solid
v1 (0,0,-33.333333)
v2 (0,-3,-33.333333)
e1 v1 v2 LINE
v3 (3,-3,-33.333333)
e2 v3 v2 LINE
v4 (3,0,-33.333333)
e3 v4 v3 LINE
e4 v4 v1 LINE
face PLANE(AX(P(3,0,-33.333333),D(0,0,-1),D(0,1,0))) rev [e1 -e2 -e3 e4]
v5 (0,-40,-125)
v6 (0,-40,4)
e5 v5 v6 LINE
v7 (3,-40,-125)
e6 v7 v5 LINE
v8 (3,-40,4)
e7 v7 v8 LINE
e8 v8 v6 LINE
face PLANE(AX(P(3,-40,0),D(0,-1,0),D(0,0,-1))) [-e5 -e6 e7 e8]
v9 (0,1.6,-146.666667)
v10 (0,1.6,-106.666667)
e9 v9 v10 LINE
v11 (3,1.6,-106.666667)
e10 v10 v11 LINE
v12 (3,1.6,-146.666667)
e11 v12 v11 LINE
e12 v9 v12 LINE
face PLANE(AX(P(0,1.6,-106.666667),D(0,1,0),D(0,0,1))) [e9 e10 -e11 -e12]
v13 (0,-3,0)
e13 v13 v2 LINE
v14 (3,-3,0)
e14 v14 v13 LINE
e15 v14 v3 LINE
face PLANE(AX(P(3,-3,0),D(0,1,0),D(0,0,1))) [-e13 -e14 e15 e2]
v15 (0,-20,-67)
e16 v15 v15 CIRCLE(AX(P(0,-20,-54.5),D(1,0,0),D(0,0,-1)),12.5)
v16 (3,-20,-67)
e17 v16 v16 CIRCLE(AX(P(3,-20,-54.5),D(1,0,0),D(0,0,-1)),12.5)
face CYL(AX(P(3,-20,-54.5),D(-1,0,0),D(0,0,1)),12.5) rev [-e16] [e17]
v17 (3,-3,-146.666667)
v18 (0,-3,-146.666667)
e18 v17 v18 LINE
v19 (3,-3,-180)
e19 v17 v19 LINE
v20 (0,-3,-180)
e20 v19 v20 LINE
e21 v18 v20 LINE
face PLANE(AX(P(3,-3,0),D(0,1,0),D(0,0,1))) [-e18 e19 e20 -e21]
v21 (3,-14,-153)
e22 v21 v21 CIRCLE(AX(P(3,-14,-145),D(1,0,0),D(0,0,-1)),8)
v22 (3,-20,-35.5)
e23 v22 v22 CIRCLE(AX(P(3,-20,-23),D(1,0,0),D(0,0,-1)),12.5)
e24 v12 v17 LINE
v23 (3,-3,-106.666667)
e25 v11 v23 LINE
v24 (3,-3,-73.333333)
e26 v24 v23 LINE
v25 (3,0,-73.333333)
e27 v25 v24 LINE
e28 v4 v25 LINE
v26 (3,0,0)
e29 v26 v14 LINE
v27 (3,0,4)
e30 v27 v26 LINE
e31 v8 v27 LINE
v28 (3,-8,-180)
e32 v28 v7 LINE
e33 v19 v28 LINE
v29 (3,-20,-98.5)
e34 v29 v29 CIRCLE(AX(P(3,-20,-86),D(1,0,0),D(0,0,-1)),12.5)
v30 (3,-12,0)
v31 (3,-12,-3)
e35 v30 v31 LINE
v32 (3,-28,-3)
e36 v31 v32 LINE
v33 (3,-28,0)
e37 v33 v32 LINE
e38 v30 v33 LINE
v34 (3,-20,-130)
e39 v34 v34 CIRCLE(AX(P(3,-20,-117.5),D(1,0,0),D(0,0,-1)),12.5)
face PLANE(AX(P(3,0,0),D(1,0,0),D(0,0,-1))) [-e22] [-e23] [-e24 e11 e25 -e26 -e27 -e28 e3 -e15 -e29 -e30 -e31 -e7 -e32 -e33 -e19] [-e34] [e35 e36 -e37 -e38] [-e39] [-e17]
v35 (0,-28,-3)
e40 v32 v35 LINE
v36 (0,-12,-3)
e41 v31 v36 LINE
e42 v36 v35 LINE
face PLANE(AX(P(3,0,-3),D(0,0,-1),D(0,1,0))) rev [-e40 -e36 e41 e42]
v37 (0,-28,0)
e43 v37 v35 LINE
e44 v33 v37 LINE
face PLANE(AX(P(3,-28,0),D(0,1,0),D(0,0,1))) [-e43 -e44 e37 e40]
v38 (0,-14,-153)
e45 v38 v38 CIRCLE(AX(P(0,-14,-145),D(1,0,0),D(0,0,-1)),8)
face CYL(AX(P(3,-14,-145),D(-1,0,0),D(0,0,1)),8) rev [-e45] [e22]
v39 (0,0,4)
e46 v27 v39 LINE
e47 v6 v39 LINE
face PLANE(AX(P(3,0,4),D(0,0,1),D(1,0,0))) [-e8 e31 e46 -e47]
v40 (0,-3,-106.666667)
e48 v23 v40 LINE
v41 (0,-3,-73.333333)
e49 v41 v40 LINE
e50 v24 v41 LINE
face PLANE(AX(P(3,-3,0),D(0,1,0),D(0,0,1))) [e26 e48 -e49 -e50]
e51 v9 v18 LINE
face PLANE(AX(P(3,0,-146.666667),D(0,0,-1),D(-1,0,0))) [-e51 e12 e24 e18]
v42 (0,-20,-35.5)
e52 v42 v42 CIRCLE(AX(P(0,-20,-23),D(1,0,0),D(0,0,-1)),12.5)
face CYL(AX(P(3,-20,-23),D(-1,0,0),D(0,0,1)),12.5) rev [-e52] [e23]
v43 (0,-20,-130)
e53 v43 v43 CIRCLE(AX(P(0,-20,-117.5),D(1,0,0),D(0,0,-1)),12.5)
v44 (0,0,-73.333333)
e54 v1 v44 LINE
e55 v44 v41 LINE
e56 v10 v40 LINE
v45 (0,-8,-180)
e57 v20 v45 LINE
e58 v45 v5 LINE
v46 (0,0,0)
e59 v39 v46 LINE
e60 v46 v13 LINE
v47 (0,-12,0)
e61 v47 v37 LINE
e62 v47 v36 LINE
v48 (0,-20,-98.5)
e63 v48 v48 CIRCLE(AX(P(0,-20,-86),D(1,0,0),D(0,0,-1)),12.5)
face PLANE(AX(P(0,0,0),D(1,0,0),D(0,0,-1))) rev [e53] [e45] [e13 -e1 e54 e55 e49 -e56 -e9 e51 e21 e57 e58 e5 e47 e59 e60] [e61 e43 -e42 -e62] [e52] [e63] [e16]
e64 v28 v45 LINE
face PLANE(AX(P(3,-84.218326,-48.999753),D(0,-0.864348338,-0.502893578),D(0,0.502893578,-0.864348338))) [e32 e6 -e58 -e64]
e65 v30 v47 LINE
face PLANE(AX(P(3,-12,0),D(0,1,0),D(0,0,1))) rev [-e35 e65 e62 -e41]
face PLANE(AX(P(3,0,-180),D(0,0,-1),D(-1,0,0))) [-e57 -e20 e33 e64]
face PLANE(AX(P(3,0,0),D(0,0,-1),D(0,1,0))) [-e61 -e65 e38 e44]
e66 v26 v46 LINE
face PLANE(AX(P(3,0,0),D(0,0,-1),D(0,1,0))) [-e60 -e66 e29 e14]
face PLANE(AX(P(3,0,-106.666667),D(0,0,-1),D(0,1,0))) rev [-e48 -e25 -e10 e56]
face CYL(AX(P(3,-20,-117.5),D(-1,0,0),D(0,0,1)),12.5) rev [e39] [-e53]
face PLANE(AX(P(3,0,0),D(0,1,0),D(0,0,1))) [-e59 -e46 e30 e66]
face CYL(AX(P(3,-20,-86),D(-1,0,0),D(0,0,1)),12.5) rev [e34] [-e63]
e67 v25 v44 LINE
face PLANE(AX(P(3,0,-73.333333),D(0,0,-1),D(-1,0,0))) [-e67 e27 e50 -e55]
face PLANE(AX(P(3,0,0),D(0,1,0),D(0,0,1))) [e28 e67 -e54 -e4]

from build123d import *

# Parameters (mm, degrees)
SKETCH1_W           = 3
SKETCH1_H           = 16
SKETCH1_R           = 12.5
SKETCH1_R_2         = 8
BOSS_EXTRUDE1_DEPTH = 3
SKETCH2_W           = 40
SKETCH2_H           = 1.6
BOSS_EXTRUDE2_DEPTH = 3


with BuildPart() as part:
    # Sketch1 → Boss-Extrude1 (new body)
    with BuildSketch(Plane(origin=(0, 0, 0), x_dir=(0, 0, -1), z_dir=(1, 0, 0))):
        Polygon((125, -40), (180, -8), (180, -3), (146.666666667, -3), (146.666666667, 0), (106.666666667, 0), (106.666666667, -3), (73.333333333, -3), (73.333333333, 0), (33.333333333, 0), (33.333333333, -3), (0, -3), (0, 0), (-4, 0), (-4, -40), (0, -40), align=None)
        with Locations((1.5, -20)):
            Rectangle(SKETCH1_W, SKETCH1_H, mode=Mode.SUBTRACT)
        with Locations((23, -20)):
            Circle(SKETCH1_R, mode=Mode.SUBTRACT)
        with Locations((54.5, -20)):
            Circle(SKETCH1_R, mode=Mode.SUBTRACT)
        with Locations((86, -20)):
            Circle(SKETCH1_R, mode=Mode.SUBTRACT)
        with Locations((117.5, -20)):
            Circle(SKETCH1_R, mode=Mode.SUBTRACT)
        with Locations((145, -14)):
            Circle(SKETCH1_R_2, mode=Mode.SUBTRACT)
    extrude(amount=BOSS_EXTRUDE1_DEPTH)

    # Sketch2 → Boss-Extrude2 (add)
    with BuildSketch(Plane(origin=(3, 0, 0), x_dir=(0, 0, -1), z_dir=(1, 0, 0))):
        with Locations((126.666666667, 0.8)):
            Rectangle(SKETCH2_W, SKETCH2_H)
    extrude(amount=-BOSS_EXTRUDE2_DEPTH)


solid = part.part
